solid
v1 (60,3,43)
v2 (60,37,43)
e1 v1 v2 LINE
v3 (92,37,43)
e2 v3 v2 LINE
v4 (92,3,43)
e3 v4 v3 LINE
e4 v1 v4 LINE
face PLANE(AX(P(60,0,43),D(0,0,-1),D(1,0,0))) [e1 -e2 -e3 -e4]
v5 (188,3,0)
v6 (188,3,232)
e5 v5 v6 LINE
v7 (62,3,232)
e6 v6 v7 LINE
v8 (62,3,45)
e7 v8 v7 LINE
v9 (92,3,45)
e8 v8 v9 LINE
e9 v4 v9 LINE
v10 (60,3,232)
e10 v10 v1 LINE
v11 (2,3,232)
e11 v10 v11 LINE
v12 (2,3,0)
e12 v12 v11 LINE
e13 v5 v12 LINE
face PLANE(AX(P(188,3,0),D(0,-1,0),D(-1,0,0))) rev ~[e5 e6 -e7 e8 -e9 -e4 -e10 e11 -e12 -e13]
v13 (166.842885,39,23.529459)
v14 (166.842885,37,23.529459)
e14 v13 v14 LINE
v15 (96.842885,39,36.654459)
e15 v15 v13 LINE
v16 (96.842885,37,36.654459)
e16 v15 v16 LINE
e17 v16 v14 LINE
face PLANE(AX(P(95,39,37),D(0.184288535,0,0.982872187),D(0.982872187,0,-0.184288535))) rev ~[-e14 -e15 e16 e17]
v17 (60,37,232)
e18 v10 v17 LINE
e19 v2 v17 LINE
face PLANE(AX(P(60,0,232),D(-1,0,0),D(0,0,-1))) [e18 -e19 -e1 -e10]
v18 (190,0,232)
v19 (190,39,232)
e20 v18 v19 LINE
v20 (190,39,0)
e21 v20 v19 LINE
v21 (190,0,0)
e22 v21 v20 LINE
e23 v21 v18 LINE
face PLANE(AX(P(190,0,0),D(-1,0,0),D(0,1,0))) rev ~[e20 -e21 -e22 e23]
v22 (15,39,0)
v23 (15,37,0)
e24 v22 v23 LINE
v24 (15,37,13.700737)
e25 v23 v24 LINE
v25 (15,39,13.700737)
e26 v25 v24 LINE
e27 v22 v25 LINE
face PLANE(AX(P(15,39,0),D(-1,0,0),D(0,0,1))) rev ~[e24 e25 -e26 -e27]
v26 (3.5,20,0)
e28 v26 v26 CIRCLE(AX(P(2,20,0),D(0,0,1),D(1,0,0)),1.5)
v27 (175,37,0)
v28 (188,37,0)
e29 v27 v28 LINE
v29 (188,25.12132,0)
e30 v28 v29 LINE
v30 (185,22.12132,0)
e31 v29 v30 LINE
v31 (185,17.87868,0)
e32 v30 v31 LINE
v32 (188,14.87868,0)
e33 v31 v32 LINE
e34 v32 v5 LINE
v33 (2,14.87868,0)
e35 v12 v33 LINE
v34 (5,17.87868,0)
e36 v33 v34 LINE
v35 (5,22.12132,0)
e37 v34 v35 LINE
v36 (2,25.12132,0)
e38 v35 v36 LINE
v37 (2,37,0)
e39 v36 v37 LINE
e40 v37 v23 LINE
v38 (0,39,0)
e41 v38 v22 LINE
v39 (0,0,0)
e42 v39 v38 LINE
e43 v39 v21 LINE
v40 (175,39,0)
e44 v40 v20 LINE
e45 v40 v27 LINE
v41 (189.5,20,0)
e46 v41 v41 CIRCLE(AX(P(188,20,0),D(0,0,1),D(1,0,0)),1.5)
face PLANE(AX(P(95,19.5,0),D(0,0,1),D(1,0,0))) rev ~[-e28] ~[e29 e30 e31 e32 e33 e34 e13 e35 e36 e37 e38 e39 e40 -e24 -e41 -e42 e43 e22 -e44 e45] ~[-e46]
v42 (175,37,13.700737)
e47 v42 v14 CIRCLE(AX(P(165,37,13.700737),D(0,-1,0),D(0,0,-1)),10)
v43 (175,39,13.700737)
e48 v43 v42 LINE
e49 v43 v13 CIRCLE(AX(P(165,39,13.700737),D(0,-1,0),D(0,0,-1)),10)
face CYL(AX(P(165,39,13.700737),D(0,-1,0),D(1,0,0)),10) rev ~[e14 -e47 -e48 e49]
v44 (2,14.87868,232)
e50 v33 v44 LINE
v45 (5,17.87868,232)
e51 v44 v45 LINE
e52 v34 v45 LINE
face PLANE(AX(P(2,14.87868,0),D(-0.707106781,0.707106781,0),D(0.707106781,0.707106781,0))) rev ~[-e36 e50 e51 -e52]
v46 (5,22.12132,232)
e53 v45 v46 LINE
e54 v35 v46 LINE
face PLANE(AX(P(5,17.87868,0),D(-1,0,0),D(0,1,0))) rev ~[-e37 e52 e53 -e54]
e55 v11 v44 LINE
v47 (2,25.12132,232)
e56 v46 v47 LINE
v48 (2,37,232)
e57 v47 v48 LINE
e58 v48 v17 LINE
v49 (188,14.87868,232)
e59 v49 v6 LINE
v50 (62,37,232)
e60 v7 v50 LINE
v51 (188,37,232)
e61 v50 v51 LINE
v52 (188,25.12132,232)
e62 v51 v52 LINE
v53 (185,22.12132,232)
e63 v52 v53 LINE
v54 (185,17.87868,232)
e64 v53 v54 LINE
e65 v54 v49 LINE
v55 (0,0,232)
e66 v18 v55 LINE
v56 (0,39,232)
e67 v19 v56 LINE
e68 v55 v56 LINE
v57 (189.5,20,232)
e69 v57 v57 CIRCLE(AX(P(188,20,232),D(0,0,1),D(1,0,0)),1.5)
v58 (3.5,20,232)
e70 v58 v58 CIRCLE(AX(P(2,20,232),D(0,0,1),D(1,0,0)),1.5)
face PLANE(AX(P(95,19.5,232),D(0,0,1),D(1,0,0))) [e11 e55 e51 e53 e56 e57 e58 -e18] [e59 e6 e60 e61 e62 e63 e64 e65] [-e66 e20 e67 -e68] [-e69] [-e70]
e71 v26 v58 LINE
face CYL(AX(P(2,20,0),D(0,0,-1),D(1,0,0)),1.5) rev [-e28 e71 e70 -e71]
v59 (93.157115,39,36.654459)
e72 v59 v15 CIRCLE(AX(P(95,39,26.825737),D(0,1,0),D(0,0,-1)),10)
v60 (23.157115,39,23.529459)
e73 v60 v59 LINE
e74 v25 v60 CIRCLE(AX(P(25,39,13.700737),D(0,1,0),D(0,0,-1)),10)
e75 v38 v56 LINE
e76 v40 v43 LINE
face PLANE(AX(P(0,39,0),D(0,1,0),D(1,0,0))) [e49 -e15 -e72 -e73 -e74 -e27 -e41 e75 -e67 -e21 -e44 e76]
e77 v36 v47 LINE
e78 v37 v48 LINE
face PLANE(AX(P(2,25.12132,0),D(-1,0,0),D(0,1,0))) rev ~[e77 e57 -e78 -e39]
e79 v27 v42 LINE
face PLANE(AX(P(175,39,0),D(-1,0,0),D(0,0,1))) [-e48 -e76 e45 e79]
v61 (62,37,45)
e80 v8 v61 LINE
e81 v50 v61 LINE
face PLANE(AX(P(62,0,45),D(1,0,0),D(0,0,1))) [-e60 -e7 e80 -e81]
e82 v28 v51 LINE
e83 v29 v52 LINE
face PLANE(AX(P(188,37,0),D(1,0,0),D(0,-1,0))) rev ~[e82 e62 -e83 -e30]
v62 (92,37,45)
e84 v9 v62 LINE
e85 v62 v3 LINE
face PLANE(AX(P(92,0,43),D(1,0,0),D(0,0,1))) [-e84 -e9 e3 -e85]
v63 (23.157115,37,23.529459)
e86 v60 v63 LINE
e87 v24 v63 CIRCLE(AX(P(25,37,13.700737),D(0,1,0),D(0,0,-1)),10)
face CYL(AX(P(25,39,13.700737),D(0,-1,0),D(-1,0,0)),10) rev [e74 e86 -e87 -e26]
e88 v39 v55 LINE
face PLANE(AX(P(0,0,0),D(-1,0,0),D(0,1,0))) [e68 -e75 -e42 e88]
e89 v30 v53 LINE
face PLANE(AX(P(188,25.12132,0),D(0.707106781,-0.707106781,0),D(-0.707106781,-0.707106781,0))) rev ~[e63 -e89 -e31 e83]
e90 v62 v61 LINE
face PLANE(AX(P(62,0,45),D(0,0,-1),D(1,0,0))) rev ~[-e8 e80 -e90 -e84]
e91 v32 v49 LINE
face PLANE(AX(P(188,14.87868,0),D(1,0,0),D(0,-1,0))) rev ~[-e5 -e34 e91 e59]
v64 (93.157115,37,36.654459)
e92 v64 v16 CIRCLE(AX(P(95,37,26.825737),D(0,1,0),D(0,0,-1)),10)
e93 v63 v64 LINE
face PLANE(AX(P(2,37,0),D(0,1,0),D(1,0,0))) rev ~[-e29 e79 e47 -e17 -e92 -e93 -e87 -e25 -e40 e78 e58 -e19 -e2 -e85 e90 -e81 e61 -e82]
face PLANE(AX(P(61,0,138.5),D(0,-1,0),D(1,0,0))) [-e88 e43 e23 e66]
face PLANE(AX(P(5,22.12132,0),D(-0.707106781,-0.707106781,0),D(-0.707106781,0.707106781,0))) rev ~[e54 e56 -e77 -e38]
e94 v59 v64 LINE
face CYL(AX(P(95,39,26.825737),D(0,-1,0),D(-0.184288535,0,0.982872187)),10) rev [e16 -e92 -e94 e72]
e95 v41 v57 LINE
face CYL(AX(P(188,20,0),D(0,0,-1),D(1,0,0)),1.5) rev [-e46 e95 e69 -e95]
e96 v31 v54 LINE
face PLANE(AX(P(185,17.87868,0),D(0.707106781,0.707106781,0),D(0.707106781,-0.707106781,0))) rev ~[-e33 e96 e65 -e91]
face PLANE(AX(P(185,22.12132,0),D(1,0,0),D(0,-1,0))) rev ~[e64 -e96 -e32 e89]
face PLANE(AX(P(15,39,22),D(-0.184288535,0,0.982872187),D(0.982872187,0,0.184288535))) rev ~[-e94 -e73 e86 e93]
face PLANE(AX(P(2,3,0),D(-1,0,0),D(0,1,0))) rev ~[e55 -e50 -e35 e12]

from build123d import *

# Parameters (mm, degrees)
F0_W     = 190
F0_H     = 39
F0_R     = 1.5
F1_DEPTH = 232
F2_W     = 2
F2_H     = 187
F2_H_2   = 2
F2_W_2   = 30
F3_DEPTH = 39
F4_W     = 160
F4_H     = 22
F5_DEPTH = 5
F6_R     = 10


with BuildPart() as f1:
    # F0 (on Top) → F1 (new body)
    with BuildSketch(Plane.XY):
        with Locations((95, 19.5)):
            Rectangle(F0_W, F0_H)
        with Locations((2, 20)):
            Circle(F0_R, mode=Mode.SUBTRACT)
        Polygon((188, 3), (2, 3), (2, 14.8786796564), (5, 17.8786796564), (5, 22.1213203436), (2, 25.1213203436), (2, 37), (188, 37), (188, 25.1213203436), (185, 22.1213203436), (185, 17.8786796564), (188, 14.8786796564), align=None, mode=Mode.SUBTRACT)
        with Locations((188, 20)):
            Circle(F0_R, mode=Mode.SUBTRACT)
    extrude(amount=F1_DEPTH)

    # F2 (on face) → F3 (join)
    with BuildSketch(Plane.XZ):
        with Locations((61, 138.5)):
            Rectangle(F2_W, F2_H)
        with Locations((61, 44)):
            Rectangle(F2_W, F2_H_2)
        with Locations((77, 44)):
            Rectangle(F2_W_2, F2_H_2)
    extrude(amount=-F3_DEPTH)

    # F4 (on face) → F5 (cut)
    with BuildSketch(Plane(origin=(0, 39, 0), x_dir=(-1, 0, 0), z_dir=(0, 1, 0))):
        Polygon((-95, 37), (-175, 22), (-15, 22), align=None)
        with Locations((-95, 11)):
            Rectangle(F4_W, F4_H)
    extrude(amount=-F5_DEPTH, mode=Mode.SUBTRACT)

    # F6
    f6_edges = [f1.edges().sort_by_distance(p)[0] for p in [
        (175, 38, 22),
        (15, 38, 22),
        (95, 38, 37),
    ]]
    fillet(f6_edges, radius=F6_R)


solid = f1.part
